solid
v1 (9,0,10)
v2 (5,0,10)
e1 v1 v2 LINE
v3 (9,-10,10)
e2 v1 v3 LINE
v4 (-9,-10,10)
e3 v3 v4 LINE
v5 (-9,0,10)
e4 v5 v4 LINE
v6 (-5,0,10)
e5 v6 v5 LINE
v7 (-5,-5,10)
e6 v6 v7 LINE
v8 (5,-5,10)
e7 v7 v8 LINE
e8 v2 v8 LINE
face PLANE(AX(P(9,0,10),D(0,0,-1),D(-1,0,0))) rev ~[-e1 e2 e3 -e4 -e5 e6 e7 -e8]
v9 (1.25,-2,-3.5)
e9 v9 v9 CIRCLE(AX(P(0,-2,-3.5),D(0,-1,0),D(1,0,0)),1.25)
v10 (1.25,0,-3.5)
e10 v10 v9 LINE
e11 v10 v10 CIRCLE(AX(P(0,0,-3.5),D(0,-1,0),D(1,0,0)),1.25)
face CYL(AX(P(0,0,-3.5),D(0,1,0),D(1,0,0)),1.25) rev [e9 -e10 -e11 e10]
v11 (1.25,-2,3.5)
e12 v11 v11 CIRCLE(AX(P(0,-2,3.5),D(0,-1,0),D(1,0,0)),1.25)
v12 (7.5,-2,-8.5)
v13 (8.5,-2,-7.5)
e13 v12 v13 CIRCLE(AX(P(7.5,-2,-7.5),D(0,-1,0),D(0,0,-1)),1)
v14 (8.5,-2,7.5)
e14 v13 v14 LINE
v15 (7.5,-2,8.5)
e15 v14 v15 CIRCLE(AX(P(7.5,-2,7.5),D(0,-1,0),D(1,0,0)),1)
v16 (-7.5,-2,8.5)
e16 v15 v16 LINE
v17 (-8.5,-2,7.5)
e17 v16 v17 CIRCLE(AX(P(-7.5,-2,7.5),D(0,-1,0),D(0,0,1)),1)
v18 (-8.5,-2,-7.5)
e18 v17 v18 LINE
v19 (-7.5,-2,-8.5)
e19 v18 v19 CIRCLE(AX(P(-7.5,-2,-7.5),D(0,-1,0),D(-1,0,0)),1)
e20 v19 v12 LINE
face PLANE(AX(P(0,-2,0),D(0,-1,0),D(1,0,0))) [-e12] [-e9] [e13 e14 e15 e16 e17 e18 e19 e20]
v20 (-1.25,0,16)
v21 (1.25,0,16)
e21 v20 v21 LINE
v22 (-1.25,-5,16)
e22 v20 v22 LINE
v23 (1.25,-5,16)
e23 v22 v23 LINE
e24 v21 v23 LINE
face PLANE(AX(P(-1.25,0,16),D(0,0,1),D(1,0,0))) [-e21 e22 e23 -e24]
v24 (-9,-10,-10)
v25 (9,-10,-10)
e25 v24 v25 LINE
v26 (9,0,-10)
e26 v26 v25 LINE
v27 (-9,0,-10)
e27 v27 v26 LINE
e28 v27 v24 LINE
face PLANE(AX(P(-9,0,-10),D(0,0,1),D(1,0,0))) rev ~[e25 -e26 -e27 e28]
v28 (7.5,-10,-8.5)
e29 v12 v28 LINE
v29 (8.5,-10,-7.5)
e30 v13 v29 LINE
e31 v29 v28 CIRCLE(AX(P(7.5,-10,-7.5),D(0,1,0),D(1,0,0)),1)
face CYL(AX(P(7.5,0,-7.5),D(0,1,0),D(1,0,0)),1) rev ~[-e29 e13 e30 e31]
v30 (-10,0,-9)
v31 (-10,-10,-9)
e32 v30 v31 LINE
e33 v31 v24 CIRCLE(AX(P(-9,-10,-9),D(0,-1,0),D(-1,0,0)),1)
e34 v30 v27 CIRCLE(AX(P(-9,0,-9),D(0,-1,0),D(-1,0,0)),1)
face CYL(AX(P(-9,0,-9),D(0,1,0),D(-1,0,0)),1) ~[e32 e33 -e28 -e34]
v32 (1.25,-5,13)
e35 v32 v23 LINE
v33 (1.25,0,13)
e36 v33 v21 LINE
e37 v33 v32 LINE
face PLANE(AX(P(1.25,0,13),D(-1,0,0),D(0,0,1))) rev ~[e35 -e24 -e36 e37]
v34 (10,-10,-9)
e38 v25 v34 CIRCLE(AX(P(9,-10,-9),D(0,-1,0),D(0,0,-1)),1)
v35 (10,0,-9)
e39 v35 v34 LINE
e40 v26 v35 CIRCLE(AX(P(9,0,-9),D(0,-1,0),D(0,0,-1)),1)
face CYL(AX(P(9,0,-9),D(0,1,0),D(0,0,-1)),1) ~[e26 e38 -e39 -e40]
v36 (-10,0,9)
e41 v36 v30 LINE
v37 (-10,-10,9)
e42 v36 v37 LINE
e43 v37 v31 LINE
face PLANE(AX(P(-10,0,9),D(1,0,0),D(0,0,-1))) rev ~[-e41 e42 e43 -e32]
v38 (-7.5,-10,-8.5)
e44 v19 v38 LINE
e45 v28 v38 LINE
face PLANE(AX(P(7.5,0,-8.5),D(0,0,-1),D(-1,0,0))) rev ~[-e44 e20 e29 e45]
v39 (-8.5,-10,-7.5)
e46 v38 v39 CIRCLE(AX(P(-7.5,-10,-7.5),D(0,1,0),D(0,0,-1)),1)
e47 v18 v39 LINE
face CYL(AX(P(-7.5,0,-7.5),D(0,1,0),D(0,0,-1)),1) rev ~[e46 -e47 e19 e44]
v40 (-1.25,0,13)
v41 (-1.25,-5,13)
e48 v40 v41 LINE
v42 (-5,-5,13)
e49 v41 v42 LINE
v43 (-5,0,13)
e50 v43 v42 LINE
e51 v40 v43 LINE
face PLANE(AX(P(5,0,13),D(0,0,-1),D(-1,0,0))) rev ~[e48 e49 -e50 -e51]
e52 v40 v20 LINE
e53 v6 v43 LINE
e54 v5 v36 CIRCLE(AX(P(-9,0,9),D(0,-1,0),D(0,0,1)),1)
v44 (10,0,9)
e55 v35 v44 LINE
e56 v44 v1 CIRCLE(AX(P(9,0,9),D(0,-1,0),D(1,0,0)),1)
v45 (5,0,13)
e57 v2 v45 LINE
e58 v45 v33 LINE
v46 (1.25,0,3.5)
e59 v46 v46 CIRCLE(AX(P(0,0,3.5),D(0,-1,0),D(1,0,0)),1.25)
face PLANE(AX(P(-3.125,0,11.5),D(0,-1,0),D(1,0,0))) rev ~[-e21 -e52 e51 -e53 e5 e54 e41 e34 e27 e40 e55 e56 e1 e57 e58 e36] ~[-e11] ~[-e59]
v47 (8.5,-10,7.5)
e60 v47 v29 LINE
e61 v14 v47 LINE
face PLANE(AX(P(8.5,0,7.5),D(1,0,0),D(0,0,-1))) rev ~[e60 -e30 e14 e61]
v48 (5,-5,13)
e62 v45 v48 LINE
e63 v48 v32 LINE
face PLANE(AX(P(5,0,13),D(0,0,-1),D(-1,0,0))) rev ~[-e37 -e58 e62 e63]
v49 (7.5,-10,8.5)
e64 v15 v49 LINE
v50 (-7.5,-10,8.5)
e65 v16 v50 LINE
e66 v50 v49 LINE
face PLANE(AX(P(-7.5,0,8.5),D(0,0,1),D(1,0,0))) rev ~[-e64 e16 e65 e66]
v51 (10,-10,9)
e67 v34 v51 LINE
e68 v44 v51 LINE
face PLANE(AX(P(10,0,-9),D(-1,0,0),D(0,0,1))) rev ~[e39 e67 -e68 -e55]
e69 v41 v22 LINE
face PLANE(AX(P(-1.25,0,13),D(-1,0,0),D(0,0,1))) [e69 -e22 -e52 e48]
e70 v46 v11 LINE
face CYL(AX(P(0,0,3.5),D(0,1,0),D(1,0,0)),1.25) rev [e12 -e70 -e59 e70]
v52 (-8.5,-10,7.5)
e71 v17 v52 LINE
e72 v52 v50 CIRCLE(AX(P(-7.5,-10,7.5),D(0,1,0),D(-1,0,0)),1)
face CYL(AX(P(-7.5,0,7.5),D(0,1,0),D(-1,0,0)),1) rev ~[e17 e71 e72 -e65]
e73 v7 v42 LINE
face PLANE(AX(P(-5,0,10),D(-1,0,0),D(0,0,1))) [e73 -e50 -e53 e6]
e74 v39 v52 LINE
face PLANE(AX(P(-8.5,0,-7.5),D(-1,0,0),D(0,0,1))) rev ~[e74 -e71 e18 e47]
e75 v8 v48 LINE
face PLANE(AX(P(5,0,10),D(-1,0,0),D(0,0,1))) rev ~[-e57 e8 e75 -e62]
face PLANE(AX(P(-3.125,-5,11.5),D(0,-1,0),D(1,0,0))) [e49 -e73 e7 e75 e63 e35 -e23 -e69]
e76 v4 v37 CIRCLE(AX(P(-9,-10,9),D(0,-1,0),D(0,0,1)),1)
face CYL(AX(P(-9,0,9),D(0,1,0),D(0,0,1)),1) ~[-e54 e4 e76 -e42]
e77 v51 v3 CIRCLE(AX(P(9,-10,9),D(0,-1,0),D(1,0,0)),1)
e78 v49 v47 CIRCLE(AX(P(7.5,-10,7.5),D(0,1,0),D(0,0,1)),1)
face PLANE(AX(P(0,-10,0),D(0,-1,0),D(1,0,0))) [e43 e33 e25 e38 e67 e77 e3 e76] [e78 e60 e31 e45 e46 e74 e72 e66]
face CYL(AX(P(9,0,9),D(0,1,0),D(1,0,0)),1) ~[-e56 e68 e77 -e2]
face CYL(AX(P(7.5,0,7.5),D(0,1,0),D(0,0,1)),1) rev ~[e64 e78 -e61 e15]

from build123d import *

# Parameters (mm, degrees)
F0_W     = 2.5
F0_H     = 3
F1_DEPTH = 5
F0_R     = 1.25
F2_DEPTH = 2
F3_DEPTH = 10
F0_W_2   = 3.75
F4_DEPTH = 5


with BuildPart() as f1:
    # F0 (on Front) → F1 (new body)
    with BuildSketch(Plane.XZ):
        with Locations((0, 14.5)):
            Rectangle(F0_W, F0_H)
    extrude(amount=F1_DEPTH)



with BuildPart() as f2:
    # F0 (on Front) → F2 (new body)
    with BuildSketch(Plane.XZ):
        with BuildLine():
            Line((-7.5, -8.5), (7.5, -8.5))
            ThreePointArc((7.5, -8.5), (8.2071067812, -8.2071067812), (8.5, -7.5))
            Line((8.5, -7.5), (8.5, 7.5))
            ThreePointArc((8.5, 7.5), (8.2071067812, 8.2071067812), (7.5, 8.5))
            Line((7.5, 8.5), (-7.5, 8.5))
            ThreePointArc((-7.5, 8.5), (-8.2071067812, 8.2071067812), (-8.5, 7.5))
            Line((-8.5, 7.5), (-8.5, -7.5))
            ThreePointArc((-8.5, -7.5), (-8.2071067812, -8.2071067812), (-7.5, -8.5))
        make_face()
        with Locations((0, -3.5)):
            Circle(F0_R, mode=Mode.SUBTRACT)
        with Locations((0, 3.5)):
            Circle(F0_R, mode=Mode.SUBTRACT)
    extrude(amount=F2_DEPTH)

    # F0 (on Front) → F3 (join)
    with BuildSketch(Plane.XZ):
        with BuildLine():
            Line((5, 10), (1.25, 10))
            Line((1.25, 10), (-1.25, 10))
            Line((-1.25, 10), (-5, 10))
            Line((-5, 10), (-9, 10))
            ThreePointArc((-9, 10), (-9.7071067812, 9.7071067812), (-10, 9))
            Line((-10, 9), (-10, -9))
            ThreePointArc((-10, -9), (-9.7071067812, -9.7071067812), (-9, -10))
            Line((-9, -10), (9, -10))
            ThreePointArc((9, -10), (9.7071067812, -9.7071067812), (10, -9))
            Line((10, -9), (10, 9))
            ThreePointArc((10, 9), (9.7071067812, 9.7071067812), (9, 10))
            Line((9, 10), (5, 10))
        make_face()
        with BuildLine():
            ThreePointArc((8.5, -7.5), (8.2071067812, -8.2071067812), (7.5, -8.5))
            Line((7.5, -8.5), (-7.5, -8.5))
            ThreePointArc((-7.5, -8.5), (-8.2071067812, -8.2071067812), (-8.5, -7.5))
            Line((-8.5, -7.5), (-8.5, 7.5))
            ThreePointArc((-8.5, 7.5), (-8.2071067812, 8.2071067812), (-7.5, 8.5))
            Line((-7.5, 8.5), (7.5, 8.5))
            ThreePointArc((7.5, 8.5), (8.2071067812, 8.2071067812), (8.5, 7.5))
            Line((8.5, 7.5), (8.5, -7.5))
        make_face(mode=Mode.SUBTRACT)
    extrude(amount=F3_DEPTH)


with BuildPart() as f1_1:
    add(f1.part)

    add(f2.part)  # F4 merges F2
    # F0 (on Front) → F4 (join)
    with BuildSketch(Plane.XZ):
        with Locations((-3.125, 11.5)):
            Rectangle(F0_W_2, F0_H)
        with Locations((0, 11.5)):
            Rectangle(F0_W, F0_H)
        with Locations((3.125, 11.5)):
            Rectangle(F0_W_2, F0_H)
    extrude(amount=F4_DEPTH)


solid = f1_1.part
